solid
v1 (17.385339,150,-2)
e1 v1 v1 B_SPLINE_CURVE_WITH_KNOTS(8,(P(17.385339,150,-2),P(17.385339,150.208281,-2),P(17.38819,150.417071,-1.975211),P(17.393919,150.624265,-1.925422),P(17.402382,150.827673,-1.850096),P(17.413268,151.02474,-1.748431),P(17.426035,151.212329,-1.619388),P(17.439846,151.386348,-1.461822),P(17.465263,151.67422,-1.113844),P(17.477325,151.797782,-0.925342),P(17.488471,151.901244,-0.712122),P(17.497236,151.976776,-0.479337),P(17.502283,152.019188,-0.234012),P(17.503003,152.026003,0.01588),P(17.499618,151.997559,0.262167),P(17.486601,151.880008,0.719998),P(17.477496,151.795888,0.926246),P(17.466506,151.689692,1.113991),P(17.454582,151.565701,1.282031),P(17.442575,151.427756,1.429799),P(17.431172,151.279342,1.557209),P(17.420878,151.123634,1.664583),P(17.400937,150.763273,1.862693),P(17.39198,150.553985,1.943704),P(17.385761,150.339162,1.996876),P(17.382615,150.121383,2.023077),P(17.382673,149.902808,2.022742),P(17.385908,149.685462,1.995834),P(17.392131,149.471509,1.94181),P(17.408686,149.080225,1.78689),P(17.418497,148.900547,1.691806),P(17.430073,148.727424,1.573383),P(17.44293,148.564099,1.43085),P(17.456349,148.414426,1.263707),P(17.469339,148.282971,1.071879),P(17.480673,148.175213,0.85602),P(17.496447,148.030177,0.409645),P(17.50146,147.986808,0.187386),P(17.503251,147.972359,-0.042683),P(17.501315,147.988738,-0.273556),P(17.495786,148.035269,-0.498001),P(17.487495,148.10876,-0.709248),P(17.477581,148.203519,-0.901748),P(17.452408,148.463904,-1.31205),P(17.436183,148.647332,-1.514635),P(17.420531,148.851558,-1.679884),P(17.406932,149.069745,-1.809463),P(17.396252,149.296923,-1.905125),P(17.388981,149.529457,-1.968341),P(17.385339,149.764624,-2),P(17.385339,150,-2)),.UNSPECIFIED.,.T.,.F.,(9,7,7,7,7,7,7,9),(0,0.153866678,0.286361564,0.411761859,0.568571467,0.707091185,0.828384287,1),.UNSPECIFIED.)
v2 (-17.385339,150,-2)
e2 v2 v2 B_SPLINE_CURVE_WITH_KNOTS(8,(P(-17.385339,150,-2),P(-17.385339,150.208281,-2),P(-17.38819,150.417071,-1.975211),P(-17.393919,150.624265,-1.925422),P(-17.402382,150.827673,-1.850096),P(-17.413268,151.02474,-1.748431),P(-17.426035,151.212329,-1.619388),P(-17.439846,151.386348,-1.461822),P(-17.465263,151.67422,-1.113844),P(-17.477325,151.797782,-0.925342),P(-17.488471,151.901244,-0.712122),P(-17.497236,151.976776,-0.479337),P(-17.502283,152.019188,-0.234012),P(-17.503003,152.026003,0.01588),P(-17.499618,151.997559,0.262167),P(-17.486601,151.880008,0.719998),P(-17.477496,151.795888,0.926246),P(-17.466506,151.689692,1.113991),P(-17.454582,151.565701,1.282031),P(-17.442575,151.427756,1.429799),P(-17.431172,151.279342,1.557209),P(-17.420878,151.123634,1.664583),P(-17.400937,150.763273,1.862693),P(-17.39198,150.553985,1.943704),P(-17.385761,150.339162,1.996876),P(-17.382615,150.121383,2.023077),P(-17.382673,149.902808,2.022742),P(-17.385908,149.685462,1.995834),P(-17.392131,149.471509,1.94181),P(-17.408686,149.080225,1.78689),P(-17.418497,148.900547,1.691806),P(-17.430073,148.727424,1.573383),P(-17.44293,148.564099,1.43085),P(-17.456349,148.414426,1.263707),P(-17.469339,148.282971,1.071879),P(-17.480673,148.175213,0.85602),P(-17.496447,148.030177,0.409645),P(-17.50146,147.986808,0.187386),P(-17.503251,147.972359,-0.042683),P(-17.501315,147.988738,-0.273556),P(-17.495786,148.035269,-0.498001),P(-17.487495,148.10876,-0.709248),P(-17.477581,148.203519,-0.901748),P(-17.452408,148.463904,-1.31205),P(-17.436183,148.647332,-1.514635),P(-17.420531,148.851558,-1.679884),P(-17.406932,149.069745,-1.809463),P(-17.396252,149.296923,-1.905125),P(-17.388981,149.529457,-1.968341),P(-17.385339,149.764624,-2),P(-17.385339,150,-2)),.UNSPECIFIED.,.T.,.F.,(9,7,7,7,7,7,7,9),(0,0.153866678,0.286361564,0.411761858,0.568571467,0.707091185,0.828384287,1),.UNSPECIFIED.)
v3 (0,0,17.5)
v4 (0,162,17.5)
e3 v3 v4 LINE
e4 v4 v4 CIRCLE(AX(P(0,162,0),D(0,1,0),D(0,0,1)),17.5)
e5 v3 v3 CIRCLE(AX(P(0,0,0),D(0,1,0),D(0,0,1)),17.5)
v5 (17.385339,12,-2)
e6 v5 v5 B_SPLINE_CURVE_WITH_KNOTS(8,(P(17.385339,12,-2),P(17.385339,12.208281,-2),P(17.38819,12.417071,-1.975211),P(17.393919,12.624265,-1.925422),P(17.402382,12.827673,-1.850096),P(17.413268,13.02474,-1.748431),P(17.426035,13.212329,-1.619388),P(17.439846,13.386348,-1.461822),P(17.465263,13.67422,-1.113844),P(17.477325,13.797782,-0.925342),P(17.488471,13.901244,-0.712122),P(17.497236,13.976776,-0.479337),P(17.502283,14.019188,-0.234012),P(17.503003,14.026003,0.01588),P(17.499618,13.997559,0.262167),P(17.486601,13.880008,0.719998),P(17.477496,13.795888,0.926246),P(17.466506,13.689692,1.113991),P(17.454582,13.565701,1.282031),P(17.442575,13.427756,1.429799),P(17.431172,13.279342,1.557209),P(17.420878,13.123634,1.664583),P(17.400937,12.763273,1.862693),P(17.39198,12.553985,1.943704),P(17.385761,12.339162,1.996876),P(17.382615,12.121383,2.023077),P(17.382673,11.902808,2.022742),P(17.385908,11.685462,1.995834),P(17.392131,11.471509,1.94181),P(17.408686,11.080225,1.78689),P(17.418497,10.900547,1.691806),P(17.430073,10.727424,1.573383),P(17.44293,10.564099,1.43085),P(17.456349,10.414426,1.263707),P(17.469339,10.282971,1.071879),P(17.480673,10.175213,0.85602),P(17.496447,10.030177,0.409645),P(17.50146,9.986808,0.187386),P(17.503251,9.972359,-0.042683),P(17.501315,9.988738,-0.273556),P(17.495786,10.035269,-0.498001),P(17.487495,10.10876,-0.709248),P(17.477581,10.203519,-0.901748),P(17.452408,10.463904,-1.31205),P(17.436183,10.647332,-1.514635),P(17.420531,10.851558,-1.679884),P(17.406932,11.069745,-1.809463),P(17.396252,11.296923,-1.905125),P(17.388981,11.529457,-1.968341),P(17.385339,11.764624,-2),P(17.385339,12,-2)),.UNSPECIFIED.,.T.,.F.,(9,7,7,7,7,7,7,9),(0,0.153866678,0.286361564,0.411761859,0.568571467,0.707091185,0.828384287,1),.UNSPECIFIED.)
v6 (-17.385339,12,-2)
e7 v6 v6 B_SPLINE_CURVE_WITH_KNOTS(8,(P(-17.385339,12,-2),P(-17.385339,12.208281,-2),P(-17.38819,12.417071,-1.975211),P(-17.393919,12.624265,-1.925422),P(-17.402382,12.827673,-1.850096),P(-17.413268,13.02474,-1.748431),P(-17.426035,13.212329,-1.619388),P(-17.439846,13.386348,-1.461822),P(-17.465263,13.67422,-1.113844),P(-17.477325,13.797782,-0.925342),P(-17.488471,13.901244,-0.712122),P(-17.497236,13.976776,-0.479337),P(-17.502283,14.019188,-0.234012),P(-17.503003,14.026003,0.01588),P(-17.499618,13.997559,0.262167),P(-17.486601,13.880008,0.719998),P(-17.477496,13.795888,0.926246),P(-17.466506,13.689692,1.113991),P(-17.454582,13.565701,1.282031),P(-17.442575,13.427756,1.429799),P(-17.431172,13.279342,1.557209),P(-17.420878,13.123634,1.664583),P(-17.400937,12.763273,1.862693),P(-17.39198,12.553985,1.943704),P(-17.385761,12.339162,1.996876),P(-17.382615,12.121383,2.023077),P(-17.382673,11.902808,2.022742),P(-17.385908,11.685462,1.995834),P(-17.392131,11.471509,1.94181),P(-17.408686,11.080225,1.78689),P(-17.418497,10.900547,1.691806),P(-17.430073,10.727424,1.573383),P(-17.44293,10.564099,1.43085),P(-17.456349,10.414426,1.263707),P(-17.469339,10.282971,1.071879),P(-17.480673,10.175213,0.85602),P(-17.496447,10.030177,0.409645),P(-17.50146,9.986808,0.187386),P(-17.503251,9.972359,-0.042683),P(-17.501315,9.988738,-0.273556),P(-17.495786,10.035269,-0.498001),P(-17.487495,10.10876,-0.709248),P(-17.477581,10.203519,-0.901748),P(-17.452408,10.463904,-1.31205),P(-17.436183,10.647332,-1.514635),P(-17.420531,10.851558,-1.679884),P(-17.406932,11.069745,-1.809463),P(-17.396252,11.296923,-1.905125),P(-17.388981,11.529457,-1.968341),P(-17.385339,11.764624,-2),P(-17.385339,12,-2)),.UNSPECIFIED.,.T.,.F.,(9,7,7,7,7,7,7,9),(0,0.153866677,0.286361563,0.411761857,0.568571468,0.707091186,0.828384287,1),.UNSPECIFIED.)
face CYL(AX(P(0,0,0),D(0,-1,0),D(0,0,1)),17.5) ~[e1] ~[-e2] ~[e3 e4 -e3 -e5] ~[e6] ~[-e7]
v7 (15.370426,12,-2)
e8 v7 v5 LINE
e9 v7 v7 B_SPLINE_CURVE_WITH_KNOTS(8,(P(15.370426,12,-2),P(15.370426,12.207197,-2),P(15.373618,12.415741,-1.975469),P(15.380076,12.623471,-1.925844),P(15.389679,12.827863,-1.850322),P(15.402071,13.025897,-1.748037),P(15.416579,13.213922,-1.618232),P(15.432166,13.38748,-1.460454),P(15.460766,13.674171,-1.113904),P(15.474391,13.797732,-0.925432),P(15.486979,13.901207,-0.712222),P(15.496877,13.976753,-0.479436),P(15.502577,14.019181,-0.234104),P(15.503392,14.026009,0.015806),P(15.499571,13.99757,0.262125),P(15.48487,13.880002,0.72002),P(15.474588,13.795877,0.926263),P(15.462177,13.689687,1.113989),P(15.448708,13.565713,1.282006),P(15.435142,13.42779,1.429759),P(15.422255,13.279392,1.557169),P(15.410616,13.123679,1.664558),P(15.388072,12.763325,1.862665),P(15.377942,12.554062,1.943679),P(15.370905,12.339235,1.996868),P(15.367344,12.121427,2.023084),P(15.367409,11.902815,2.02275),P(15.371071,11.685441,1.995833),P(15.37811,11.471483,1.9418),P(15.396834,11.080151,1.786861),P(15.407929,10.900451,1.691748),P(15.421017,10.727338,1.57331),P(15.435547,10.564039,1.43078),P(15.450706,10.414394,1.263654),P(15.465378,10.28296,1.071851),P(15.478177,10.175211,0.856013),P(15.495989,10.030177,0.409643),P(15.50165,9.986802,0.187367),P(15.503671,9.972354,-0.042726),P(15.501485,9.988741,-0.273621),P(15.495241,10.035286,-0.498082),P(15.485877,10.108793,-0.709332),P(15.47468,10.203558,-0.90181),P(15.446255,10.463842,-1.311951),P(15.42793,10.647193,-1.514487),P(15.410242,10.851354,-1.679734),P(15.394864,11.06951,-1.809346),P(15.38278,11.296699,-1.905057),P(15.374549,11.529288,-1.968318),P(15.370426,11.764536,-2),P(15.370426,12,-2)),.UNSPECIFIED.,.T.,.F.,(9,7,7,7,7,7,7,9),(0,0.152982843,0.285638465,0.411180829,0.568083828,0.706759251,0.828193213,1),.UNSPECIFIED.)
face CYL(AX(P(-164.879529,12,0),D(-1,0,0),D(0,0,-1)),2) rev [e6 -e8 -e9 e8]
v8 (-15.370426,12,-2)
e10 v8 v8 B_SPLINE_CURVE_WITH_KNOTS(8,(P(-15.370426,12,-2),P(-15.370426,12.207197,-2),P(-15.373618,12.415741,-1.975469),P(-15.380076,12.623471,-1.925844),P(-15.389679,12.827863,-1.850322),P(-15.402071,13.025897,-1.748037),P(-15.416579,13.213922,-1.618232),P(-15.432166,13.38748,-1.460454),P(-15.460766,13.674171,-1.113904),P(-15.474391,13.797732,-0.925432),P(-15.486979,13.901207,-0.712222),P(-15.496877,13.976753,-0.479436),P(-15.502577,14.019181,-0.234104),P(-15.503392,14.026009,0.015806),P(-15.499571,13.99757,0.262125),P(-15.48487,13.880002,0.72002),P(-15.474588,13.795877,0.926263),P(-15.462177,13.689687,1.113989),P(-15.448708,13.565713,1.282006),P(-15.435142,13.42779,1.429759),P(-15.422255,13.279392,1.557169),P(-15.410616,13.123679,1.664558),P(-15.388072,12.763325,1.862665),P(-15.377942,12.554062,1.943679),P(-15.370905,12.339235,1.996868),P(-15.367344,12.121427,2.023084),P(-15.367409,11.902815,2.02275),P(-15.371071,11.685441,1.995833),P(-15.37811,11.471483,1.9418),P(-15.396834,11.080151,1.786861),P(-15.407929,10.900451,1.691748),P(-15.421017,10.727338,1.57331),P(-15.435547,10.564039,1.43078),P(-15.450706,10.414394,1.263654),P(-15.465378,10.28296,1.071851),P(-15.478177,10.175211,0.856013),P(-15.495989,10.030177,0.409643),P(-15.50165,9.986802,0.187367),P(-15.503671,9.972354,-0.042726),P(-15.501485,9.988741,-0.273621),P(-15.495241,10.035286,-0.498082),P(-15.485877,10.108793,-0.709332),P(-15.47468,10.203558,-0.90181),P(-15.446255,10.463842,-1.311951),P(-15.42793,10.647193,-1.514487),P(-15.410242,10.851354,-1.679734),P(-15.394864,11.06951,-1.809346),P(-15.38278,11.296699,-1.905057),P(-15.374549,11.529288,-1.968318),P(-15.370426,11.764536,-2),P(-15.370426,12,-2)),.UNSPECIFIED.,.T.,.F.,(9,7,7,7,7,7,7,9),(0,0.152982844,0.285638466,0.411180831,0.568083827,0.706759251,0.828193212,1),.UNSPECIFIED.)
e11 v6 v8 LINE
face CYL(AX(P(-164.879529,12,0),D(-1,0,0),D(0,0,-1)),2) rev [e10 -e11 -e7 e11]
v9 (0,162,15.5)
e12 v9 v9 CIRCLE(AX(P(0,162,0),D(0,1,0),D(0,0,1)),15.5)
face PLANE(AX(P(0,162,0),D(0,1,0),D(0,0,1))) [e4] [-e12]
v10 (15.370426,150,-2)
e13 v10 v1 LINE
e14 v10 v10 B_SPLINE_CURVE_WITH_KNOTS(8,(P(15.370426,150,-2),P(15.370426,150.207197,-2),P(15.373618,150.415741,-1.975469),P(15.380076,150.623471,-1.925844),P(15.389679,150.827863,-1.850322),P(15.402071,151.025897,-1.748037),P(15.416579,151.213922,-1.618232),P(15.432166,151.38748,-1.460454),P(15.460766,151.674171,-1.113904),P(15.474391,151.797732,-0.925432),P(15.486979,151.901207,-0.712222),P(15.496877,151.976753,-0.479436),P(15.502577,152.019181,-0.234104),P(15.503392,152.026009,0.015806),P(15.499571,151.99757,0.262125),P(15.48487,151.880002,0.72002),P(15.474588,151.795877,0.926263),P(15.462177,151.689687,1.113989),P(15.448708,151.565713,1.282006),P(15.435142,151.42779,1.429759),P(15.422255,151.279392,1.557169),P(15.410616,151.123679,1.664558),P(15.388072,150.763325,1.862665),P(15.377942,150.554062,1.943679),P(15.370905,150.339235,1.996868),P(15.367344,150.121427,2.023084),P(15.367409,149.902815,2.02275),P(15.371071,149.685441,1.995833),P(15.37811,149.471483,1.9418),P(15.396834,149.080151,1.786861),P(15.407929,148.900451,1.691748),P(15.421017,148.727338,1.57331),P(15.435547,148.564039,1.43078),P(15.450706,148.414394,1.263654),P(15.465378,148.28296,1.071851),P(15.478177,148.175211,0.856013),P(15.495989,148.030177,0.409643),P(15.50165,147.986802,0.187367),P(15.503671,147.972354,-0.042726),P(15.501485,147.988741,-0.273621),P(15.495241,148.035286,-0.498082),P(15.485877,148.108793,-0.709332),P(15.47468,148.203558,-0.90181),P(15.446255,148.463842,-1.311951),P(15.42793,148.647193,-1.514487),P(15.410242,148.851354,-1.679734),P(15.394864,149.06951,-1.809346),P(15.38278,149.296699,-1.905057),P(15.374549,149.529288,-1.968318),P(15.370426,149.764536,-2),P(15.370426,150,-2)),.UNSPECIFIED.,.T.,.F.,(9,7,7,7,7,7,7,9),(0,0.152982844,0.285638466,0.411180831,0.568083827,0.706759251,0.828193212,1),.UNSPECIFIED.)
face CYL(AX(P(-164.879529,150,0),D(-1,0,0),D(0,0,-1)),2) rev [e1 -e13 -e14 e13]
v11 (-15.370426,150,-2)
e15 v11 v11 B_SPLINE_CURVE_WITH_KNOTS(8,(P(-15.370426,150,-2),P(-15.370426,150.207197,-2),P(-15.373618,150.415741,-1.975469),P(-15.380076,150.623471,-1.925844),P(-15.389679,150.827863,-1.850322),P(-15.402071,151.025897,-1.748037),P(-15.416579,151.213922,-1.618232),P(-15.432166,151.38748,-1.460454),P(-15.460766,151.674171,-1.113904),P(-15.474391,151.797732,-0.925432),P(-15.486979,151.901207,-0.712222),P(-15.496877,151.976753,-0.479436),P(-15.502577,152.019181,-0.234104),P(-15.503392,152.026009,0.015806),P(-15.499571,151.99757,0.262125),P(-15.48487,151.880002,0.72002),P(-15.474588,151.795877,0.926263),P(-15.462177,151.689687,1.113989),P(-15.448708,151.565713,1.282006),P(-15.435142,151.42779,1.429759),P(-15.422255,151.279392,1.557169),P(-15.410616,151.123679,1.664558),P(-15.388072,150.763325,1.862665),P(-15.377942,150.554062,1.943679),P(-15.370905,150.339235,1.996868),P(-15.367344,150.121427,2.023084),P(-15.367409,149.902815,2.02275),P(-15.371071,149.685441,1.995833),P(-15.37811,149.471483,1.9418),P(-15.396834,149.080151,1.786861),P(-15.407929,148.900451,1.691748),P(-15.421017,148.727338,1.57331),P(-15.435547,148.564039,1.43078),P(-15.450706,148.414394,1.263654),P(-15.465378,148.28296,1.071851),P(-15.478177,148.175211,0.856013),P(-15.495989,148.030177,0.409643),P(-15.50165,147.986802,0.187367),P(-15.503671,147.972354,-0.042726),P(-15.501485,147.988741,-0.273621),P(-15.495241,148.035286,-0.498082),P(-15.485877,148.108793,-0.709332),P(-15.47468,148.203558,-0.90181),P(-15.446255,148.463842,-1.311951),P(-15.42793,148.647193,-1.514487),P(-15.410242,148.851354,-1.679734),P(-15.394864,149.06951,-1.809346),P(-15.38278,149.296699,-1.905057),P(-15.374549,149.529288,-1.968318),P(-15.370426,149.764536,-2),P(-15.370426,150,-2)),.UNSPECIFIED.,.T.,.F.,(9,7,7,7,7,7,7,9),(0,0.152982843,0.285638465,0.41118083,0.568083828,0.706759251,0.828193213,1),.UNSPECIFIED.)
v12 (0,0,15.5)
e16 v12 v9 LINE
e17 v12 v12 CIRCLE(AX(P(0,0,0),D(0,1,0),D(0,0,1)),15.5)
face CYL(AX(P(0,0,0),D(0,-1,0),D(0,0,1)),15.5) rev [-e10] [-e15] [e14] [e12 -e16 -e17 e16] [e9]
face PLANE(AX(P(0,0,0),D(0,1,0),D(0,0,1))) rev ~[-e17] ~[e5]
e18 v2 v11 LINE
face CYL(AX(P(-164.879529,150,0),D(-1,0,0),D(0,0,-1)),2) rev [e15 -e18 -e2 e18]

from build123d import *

# Parameters (mm, degrees)
ESQUISSE1_R                  = 17.5
ESQUISSE1_R_2                = 15.5
BOSS_EXTRU_1_DEPTH           = 162
ENL_V_MAT_EXTRU_1_DEPTH      = 164.879528923
ENL_V_MAT_EXTRU_1_DEPTH_BACK = 164.879528923
ESQUISSE2_R                  = 2


with BuildPart() as part:
    # Esquisse1 → Boss.-Extru.1 (new body)
    with BuildSketch(Plane(origin=(0, 0, 0), x_dir=(1, 0, 0), z_dir=(0, 1, 0))):
        with Locations(Location((0, 0, 0), (0, 0, 270))):
            Circle(ESQUISSE1_R)
        with Locations(Location((0, 0, 0), (0, 0, 270))):
            Circle(ESQUISSE1_R_2, mode=Mode.SUBTRACT)
    extrude(amount=BOSS_EXTRU_1_DEPTH)

    # Esquisse2 → Enlèv. mat.-Extru.1 (cut, two sides: drawn at the far end of the back side and taken through both)
    with BuildSketch(Plane(origin=(0, 0, 0), x_dir=(0, 0, -1), z_dir=(1, 0, 0)).offset(-ENL_V_MAT_EXTRU_1_DEPTH_BACK)):
        with Locations((0, 150)):
            Circle(ESQUISSE2_R)
        with Locations((0, 12)):
            Circle(ESQUISSE2_R)
    extrude(amount=ENL_V_MAT_EXTRU_1_DEPTH + ENL_V_MAT_EXTRU_1_DEPTH_BACK, mode=Mode.SUBTRACT)


solid = part.part
